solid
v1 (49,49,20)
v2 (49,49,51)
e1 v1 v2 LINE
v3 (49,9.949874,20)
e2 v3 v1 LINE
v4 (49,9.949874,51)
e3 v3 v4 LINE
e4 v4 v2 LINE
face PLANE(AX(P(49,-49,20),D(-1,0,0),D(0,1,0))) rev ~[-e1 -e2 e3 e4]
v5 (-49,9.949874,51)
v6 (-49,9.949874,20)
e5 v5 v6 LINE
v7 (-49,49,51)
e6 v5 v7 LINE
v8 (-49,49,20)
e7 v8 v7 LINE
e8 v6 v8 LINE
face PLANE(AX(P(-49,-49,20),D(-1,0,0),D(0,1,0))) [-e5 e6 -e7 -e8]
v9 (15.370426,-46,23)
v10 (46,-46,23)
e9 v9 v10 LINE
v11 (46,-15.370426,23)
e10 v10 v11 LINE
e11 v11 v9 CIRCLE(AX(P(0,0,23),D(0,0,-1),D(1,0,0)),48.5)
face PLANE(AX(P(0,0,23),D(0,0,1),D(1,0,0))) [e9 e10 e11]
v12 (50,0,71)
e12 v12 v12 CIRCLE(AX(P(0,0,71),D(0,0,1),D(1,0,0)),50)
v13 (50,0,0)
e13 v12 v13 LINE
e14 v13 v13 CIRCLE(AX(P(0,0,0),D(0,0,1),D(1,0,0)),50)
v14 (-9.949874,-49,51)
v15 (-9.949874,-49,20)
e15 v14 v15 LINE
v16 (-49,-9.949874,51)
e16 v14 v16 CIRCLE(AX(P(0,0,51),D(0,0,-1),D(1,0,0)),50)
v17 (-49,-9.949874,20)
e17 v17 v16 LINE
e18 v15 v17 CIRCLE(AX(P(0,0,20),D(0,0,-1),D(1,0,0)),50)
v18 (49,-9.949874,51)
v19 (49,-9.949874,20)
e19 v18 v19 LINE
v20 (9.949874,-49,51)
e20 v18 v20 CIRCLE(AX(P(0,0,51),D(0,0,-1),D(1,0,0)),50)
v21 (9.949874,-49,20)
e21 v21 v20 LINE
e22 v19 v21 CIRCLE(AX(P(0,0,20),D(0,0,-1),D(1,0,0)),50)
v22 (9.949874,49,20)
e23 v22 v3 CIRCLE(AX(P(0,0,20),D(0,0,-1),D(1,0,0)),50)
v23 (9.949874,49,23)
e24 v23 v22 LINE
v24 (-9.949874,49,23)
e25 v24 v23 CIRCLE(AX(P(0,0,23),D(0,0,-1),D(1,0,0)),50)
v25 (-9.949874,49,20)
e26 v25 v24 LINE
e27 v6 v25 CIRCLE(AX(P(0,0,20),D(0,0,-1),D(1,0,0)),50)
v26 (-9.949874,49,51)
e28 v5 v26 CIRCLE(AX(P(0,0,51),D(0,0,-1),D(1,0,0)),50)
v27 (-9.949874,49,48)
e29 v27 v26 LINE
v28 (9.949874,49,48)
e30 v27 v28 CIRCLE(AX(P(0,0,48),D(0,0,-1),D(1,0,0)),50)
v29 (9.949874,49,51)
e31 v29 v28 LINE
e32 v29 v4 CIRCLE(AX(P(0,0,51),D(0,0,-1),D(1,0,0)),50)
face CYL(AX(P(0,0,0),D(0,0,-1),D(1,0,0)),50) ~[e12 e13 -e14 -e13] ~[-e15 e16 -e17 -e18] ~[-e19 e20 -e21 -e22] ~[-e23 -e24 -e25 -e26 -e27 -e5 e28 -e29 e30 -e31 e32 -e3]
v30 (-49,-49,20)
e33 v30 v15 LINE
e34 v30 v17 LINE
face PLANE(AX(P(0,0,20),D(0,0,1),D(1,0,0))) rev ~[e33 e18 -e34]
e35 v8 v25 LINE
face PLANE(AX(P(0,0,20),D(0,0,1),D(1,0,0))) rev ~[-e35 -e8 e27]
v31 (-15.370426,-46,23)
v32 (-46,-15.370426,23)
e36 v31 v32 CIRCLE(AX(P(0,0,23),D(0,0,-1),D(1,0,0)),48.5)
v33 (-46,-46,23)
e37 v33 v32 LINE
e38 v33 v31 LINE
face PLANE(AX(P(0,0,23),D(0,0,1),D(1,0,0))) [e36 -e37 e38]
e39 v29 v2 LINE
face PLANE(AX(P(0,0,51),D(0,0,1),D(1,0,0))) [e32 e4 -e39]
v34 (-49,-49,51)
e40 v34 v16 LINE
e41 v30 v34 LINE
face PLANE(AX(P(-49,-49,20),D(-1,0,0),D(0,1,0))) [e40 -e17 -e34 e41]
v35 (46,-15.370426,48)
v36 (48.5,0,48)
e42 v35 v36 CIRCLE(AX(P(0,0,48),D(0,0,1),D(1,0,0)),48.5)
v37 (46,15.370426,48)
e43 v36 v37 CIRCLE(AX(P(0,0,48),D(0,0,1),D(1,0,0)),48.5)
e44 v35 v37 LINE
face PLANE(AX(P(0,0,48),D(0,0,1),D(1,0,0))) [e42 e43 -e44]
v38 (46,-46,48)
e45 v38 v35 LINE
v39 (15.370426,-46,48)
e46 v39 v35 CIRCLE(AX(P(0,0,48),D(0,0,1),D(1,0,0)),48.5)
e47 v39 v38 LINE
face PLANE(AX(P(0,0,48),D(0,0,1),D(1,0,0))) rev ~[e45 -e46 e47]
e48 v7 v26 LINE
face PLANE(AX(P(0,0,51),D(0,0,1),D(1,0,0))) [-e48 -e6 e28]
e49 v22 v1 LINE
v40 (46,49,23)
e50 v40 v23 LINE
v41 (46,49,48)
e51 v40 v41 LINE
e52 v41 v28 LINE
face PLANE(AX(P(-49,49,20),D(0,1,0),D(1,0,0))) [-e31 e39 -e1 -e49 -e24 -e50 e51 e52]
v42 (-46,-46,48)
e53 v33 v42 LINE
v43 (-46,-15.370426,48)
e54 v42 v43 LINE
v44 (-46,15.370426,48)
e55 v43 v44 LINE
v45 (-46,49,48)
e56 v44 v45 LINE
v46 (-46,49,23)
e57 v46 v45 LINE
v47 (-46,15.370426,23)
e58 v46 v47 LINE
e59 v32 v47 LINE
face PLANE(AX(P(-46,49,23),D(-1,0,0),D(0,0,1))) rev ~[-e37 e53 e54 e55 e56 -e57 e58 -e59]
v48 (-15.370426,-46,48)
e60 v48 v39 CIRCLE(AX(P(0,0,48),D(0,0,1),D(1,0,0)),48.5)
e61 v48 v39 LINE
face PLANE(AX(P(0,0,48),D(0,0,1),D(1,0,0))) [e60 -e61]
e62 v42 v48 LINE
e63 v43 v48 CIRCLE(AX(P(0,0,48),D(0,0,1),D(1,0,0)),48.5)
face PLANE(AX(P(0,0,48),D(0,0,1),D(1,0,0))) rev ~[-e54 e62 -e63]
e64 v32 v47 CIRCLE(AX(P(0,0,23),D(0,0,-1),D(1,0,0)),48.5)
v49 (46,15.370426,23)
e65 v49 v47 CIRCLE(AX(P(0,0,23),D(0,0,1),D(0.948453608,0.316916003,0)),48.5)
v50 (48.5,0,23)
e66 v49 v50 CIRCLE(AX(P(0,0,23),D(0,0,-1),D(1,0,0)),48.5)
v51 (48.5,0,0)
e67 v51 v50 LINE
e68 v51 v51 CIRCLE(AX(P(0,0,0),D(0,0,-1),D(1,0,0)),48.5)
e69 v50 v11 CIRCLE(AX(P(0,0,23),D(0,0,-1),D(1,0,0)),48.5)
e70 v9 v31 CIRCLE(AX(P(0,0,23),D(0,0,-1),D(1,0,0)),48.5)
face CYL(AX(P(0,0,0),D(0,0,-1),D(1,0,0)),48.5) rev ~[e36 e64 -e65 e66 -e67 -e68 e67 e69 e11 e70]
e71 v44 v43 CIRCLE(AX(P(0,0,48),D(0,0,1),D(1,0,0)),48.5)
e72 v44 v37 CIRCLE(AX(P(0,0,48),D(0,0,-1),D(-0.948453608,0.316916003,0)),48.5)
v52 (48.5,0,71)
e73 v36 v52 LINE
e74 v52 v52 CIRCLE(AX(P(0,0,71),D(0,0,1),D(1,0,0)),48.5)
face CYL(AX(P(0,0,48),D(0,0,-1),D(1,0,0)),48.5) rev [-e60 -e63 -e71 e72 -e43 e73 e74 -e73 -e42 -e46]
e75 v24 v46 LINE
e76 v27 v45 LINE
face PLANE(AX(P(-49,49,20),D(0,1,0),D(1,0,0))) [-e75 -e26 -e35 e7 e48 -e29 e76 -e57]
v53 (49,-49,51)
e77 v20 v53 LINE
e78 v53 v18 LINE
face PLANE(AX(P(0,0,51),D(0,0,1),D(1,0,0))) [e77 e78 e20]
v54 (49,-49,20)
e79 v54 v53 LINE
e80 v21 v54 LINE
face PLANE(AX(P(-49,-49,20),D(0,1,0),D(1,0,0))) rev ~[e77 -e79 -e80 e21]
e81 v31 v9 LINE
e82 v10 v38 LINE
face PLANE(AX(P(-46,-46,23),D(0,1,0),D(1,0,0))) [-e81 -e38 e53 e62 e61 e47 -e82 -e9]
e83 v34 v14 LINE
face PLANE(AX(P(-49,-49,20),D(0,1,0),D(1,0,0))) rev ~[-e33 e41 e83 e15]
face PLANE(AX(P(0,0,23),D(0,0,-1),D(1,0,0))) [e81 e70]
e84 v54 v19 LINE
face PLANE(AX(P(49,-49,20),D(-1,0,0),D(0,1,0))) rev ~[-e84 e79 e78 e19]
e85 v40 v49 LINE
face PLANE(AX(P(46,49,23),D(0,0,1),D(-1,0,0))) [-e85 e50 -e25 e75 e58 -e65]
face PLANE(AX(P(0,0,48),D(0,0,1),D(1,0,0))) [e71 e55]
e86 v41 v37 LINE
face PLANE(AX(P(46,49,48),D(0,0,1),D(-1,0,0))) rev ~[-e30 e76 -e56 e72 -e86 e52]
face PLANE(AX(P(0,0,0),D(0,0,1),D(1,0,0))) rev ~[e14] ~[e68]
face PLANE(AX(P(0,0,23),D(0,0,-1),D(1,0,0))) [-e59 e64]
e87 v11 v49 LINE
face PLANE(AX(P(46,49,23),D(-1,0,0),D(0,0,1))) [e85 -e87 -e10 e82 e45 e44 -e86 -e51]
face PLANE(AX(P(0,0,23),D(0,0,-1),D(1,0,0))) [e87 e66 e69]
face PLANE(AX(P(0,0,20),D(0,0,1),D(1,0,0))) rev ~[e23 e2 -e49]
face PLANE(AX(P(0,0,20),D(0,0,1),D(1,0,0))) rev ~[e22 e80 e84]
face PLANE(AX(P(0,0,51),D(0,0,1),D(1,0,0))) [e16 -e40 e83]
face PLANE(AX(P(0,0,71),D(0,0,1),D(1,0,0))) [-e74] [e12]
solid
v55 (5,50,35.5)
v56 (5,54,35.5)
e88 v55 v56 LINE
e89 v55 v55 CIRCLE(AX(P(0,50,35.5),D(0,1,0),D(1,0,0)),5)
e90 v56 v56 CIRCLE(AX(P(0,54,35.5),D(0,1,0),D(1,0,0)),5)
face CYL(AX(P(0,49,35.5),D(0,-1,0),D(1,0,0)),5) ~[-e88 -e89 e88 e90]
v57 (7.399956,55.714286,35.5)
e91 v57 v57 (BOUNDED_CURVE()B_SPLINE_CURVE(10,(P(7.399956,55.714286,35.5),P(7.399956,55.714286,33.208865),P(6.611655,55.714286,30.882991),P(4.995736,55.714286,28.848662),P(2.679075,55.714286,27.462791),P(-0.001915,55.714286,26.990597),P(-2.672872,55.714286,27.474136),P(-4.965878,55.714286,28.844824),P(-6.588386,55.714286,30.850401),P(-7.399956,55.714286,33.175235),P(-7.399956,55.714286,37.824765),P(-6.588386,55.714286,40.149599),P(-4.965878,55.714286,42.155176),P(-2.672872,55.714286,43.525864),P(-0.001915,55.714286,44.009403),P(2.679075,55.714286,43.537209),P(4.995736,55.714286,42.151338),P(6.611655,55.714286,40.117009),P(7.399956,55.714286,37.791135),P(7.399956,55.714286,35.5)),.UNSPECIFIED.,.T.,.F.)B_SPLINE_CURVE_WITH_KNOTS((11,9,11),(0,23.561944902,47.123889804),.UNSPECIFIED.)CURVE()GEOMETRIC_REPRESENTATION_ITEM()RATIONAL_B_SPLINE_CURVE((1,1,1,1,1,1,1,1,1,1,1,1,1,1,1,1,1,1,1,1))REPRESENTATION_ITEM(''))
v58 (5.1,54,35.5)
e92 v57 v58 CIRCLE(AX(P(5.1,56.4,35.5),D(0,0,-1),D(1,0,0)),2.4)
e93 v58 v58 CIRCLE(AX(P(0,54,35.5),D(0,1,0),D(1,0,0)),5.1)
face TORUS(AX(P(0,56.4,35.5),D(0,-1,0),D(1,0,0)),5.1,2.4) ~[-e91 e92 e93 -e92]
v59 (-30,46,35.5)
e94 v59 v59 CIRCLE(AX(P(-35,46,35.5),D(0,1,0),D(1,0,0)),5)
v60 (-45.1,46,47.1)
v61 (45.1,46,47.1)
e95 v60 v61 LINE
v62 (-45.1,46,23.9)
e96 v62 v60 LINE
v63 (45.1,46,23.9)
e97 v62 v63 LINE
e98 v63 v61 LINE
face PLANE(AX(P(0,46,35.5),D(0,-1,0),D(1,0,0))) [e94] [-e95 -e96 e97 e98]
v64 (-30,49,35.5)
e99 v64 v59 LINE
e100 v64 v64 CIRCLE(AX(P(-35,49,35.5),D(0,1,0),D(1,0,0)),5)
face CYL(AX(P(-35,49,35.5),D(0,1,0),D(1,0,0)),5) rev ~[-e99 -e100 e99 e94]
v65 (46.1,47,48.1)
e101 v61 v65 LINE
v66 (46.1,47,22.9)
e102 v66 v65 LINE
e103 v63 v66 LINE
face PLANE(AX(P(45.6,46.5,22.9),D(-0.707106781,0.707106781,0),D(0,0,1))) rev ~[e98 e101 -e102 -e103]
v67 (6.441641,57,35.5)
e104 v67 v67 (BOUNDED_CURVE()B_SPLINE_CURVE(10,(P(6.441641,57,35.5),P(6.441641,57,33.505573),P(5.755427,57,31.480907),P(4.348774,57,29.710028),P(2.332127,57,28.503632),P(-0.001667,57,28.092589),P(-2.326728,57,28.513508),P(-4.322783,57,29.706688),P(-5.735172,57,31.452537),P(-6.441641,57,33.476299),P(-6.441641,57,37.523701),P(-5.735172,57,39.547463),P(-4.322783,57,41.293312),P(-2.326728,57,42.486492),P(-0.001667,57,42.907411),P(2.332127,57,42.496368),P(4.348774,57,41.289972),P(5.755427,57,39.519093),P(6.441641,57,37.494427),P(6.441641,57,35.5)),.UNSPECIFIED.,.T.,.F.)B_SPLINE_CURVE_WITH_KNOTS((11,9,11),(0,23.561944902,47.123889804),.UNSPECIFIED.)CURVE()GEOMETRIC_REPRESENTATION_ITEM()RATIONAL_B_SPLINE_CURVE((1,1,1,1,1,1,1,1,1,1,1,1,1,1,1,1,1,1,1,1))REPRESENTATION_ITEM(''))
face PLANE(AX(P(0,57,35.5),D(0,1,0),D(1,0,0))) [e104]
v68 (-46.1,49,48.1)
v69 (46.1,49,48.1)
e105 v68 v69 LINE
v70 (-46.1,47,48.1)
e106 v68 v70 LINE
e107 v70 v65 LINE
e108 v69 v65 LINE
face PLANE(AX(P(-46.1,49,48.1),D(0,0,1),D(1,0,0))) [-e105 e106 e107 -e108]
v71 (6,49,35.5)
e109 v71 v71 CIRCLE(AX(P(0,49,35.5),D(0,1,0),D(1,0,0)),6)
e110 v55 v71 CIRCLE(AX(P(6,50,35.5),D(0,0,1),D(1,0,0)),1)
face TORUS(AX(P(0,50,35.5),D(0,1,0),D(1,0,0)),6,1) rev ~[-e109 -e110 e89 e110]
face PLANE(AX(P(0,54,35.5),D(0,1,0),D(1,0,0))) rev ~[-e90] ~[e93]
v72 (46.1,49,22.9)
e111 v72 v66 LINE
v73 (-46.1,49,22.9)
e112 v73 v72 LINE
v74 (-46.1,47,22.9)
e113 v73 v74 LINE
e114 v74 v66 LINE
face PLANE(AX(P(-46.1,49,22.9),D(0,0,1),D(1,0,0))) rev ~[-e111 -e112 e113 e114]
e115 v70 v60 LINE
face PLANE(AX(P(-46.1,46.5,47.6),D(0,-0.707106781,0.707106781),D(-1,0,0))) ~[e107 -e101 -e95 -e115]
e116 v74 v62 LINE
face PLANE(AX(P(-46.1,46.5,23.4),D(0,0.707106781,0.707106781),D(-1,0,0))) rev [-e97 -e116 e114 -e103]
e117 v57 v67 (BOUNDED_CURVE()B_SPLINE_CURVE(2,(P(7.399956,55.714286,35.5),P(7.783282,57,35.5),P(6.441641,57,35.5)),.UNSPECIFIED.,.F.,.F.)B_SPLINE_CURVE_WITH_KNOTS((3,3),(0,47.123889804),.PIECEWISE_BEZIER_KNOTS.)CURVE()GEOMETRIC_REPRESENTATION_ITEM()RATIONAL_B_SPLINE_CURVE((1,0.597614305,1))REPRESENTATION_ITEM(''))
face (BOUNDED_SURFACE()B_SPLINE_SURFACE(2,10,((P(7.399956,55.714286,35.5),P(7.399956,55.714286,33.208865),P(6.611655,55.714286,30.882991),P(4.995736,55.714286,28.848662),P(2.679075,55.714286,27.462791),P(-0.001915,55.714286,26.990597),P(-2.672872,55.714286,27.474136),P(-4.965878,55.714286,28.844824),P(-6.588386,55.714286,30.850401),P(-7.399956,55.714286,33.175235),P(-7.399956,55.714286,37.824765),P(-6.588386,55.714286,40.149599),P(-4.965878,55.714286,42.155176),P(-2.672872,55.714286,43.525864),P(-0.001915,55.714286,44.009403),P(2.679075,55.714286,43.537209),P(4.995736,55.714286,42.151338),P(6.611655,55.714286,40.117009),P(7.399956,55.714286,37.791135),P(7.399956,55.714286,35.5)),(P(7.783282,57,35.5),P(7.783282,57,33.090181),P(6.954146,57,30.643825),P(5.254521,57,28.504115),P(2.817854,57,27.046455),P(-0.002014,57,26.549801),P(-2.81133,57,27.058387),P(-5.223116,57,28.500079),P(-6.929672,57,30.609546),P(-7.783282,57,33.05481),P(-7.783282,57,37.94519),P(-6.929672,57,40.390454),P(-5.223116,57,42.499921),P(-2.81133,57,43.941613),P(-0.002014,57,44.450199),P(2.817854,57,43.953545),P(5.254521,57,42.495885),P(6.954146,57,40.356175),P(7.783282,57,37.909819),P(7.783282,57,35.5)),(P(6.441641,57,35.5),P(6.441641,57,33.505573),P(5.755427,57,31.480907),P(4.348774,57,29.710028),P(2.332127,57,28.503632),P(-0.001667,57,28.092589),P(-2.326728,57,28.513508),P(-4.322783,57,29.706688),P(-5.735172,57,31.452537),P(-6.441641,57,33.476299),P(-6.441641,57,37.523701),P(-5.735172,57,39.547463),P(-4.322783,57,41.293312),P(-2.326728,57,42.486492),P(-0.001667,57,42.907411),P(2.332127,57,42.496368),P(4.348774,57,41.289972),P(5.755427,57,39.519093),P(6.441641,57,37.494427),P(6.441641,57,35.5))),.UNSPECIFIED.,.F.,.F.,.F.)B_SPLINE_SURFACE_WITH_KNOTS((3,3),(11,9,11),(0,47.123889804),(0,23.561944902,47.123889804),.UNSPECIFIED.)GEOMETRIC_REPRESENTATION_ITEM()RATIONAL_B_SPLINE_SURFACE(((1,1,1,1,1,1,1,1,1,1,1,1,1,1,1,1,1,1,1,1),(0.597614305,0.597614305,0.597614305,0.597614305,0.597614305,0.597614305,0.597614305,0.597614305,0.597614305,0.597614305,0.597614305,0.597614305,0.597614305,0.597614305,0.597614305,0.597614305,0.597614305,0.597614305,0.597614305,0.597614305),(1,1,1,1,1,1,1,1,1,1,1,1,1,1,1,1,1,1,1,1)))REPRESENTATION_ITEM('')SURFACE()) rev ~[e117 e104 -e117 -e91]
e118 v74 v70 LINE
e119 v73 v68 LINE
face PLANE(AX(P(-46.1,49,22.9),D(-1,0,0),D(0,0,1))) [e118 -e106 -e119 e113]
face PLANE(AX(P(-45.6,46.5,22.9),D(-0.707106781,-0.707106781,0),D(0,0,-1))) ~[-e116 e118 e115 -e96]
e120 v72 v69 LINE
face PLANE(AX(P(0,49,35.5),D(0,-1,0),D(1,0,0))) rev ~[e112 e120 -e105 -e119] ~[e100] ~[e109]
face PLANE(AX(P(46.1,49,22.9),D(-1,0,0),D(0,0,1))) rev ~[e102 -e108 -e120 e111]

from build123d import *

# Parameters (mm, degrees)
SKETCH_R        = 50
PAD_DEPTH       = 51
SKETCH004_W     = 98
SKETCH004_H     = 98
PAD001_DEPTH    = 31
SKETCH005_R     = 50
PAD002_DEPTH    = 23
SKETCH006_R     = 48.5
POCKET001_DEPTH = 23
SKETCH007_W     = 92
SKETCH007_H     = 92
POCKET002_DEPTH = 25
SKETCH008_R     = 48.5
POCKET_DEPTH    = 23
SKETCH009_W     = 92
SKETCH009_H     = 25
POCKET003_DEPTH = 3
POCKET005_DEPTH = 1.001
SKETCH010_W     = 92.2
SKETCH010_H     = 25.2
PAD003_DEPTH    = 3
SKETCH011_R     = 5
POCKET004_DEPTH = 3
CHAMFER_SIZE    = 1
SKETCH012_R     = 5
PAD004_DEPTH    = 5
SKETCH013_R     = 7.5
PAD005_DEPTH    = 3
FILLET_R        = 2.4
FILLET001_R     = 1
FILLET002_R     = 1


with BuildPart() as body:
    # Sketch → Pad (new body)
    with BuildSketch(Plane.XY):
        Circle(SKETCH_R)
    extrude(amount=PAD_DEPTH)

    # Sketch004 (on DatumPlane) → Pad001 (join)
    with BuildSketch(Plane.XY.offset(20)):
        Rectangle(SKETCH004_W, SKETCH004_H)
    extrude(amount=PAD001_DEPTH)

    # Sketch005 (on DatumPlane) → Pad002 (join)
    with BuildSketch(Plane.XY.offset(48)):
        Circle(SKETCH005_R)
    extrude(amount=PAD002_DEPTH)

    # Sketch006 (on DatumPlane) → Pocket001 (cut)
    with BuildSketch(Plane.XY.offset(48)):
        Circle(SKETCH006_R)
    extrude(amount=POCKET001_DEPTH, mode=Mode.SUBTRACT)

    # Sketch007 (on DatumPlane) → Pocket002 (cut)
    with BuildSketch(Plane.XY.offset(23)):
        Rectangle(SKETCH007_W, SKETCH007_H)
    extrude(amount=POCKET002_DEPTH, mode=Mode.SUBTRACT)

    # Sketch008 (on Face1 of Pocket002) → Pocket (cut)
    with BuildSketch(Plane(origin=(0, 0, 0), x_dir=(1, 0, 0), z_dir=(0, 0, -1))):
        Circle(SKETCH008_R)
    extrude(amount=-POCKET_DEPTH, mode=Mode.SUBTRACT)

    # Sketch009 (on Face9 of Pocket) → Pocket003 (cut)
    with BuildSketch(Plane(origin=(0, 49, 0), x_dir=(-1, 0, 0), z_dir=(0, 1, 0))):
        with Locations((0, 35.5)):
            Rectangle(SKETCH009_W, SKETCH009_H)
    extrude(amount=-POCKET003_DEPTH, mode=Mode.SUBTRACT)

    # Sketch009 (on Face9 of Pocket) → Pocket005 (cut, through all)
    with BuildSketch(Plane(origin=(0, 49, 0), x_dir=(-1, 0, 0), z_dir=(0, 1, 0))):
        with Locations((0, 35.5)):
            Rectangle(SKETCH009_W, SKETCH009_H)
    extrude(amount=POCKET005_DEPTH, mode=Mode.SUBTRACT)


with BuildPart() as lid:
    # Sketch010 (on DatumPlane) → Pad003 (new body)
    with BuildSketch(Plane.XZ.offset(-49)):
        with Locations((0, 35.5)):
            Rectangle(SKETCH010_W, SKETCH010_H)
    extrude(amount=PAD003_DEPTH)

    # Sketch011 (on Face5 of Pad003) → Pocket004 (cut)
    with BuildSketch(Plane(origin=(0, 49, 0), x_dir=(1, 0, 0), z_dir=(0, 1, 0))):
        with Locations((-35, -35.5)):
            Circle(SKETCH011_R)
    extrude(amount=-POCKET004_DEPTH, mode=Mode.SUBTRACT)

    # Chamfer
    chamfer_edges = [lid.edges().sort_by_distance(p)[0] for p in [
        (46.1, 46, 35.5),
        (0, 46, 48.1),
        (-46.1, 46, 35.5),
        (0, 46, 22.9),
    ]]
    chamfer(chamfer_edges, length=CHAMFER_SIZE)

    # Sketch012 (on Face4 of Pocket004) → Pad004 (join)
    with BuildSketch(Plane(origin=(0, 49, 0), x_dir=(1, 0, 0), z_dir=(0, 1, 0))):
        with Locations((0, -35.5)):
            Circle(SKETCH012_R)
    extrude(amount=PAD004_DEPTH)

    # Sketch013 (on Face13 of Pad004) → Pad005 (join)
    with BuildSketch(Plane(origin=(0, 54, 0), x_dir=(1, 0, 0), z_dir=(0, 1, 0))):
        with Locations((0, -35.5)):
            Circle(SKETCH013_R)
    extrude(amount=PAD005_DEPTH)

    # Fillet
    fillet_edges = [lid.edges().sort_by_distance(p)[0] for p in [
        (-7.5, 54, 35.5),
    ]]
    fillet(fillet_edges, radius=FILLET_R)

    # Fillet001
    fillet001_edges = [lid.edges().sort_by_distance(p)[0] for p in [
        (-7.5, 57, 35.5),
    ]]
    fillet(fillet001_edges, radius=FILLET001_R)

    # Fillet002
    fillet002_edges = [lid.edges().sort_by_distance(p)[0] for p in [
        (-5, 49, 35.5),
    ]]
    fillet(fillet002_edges, radius=FILLET002_R)


solid = Compound([body.part, lid.part])
